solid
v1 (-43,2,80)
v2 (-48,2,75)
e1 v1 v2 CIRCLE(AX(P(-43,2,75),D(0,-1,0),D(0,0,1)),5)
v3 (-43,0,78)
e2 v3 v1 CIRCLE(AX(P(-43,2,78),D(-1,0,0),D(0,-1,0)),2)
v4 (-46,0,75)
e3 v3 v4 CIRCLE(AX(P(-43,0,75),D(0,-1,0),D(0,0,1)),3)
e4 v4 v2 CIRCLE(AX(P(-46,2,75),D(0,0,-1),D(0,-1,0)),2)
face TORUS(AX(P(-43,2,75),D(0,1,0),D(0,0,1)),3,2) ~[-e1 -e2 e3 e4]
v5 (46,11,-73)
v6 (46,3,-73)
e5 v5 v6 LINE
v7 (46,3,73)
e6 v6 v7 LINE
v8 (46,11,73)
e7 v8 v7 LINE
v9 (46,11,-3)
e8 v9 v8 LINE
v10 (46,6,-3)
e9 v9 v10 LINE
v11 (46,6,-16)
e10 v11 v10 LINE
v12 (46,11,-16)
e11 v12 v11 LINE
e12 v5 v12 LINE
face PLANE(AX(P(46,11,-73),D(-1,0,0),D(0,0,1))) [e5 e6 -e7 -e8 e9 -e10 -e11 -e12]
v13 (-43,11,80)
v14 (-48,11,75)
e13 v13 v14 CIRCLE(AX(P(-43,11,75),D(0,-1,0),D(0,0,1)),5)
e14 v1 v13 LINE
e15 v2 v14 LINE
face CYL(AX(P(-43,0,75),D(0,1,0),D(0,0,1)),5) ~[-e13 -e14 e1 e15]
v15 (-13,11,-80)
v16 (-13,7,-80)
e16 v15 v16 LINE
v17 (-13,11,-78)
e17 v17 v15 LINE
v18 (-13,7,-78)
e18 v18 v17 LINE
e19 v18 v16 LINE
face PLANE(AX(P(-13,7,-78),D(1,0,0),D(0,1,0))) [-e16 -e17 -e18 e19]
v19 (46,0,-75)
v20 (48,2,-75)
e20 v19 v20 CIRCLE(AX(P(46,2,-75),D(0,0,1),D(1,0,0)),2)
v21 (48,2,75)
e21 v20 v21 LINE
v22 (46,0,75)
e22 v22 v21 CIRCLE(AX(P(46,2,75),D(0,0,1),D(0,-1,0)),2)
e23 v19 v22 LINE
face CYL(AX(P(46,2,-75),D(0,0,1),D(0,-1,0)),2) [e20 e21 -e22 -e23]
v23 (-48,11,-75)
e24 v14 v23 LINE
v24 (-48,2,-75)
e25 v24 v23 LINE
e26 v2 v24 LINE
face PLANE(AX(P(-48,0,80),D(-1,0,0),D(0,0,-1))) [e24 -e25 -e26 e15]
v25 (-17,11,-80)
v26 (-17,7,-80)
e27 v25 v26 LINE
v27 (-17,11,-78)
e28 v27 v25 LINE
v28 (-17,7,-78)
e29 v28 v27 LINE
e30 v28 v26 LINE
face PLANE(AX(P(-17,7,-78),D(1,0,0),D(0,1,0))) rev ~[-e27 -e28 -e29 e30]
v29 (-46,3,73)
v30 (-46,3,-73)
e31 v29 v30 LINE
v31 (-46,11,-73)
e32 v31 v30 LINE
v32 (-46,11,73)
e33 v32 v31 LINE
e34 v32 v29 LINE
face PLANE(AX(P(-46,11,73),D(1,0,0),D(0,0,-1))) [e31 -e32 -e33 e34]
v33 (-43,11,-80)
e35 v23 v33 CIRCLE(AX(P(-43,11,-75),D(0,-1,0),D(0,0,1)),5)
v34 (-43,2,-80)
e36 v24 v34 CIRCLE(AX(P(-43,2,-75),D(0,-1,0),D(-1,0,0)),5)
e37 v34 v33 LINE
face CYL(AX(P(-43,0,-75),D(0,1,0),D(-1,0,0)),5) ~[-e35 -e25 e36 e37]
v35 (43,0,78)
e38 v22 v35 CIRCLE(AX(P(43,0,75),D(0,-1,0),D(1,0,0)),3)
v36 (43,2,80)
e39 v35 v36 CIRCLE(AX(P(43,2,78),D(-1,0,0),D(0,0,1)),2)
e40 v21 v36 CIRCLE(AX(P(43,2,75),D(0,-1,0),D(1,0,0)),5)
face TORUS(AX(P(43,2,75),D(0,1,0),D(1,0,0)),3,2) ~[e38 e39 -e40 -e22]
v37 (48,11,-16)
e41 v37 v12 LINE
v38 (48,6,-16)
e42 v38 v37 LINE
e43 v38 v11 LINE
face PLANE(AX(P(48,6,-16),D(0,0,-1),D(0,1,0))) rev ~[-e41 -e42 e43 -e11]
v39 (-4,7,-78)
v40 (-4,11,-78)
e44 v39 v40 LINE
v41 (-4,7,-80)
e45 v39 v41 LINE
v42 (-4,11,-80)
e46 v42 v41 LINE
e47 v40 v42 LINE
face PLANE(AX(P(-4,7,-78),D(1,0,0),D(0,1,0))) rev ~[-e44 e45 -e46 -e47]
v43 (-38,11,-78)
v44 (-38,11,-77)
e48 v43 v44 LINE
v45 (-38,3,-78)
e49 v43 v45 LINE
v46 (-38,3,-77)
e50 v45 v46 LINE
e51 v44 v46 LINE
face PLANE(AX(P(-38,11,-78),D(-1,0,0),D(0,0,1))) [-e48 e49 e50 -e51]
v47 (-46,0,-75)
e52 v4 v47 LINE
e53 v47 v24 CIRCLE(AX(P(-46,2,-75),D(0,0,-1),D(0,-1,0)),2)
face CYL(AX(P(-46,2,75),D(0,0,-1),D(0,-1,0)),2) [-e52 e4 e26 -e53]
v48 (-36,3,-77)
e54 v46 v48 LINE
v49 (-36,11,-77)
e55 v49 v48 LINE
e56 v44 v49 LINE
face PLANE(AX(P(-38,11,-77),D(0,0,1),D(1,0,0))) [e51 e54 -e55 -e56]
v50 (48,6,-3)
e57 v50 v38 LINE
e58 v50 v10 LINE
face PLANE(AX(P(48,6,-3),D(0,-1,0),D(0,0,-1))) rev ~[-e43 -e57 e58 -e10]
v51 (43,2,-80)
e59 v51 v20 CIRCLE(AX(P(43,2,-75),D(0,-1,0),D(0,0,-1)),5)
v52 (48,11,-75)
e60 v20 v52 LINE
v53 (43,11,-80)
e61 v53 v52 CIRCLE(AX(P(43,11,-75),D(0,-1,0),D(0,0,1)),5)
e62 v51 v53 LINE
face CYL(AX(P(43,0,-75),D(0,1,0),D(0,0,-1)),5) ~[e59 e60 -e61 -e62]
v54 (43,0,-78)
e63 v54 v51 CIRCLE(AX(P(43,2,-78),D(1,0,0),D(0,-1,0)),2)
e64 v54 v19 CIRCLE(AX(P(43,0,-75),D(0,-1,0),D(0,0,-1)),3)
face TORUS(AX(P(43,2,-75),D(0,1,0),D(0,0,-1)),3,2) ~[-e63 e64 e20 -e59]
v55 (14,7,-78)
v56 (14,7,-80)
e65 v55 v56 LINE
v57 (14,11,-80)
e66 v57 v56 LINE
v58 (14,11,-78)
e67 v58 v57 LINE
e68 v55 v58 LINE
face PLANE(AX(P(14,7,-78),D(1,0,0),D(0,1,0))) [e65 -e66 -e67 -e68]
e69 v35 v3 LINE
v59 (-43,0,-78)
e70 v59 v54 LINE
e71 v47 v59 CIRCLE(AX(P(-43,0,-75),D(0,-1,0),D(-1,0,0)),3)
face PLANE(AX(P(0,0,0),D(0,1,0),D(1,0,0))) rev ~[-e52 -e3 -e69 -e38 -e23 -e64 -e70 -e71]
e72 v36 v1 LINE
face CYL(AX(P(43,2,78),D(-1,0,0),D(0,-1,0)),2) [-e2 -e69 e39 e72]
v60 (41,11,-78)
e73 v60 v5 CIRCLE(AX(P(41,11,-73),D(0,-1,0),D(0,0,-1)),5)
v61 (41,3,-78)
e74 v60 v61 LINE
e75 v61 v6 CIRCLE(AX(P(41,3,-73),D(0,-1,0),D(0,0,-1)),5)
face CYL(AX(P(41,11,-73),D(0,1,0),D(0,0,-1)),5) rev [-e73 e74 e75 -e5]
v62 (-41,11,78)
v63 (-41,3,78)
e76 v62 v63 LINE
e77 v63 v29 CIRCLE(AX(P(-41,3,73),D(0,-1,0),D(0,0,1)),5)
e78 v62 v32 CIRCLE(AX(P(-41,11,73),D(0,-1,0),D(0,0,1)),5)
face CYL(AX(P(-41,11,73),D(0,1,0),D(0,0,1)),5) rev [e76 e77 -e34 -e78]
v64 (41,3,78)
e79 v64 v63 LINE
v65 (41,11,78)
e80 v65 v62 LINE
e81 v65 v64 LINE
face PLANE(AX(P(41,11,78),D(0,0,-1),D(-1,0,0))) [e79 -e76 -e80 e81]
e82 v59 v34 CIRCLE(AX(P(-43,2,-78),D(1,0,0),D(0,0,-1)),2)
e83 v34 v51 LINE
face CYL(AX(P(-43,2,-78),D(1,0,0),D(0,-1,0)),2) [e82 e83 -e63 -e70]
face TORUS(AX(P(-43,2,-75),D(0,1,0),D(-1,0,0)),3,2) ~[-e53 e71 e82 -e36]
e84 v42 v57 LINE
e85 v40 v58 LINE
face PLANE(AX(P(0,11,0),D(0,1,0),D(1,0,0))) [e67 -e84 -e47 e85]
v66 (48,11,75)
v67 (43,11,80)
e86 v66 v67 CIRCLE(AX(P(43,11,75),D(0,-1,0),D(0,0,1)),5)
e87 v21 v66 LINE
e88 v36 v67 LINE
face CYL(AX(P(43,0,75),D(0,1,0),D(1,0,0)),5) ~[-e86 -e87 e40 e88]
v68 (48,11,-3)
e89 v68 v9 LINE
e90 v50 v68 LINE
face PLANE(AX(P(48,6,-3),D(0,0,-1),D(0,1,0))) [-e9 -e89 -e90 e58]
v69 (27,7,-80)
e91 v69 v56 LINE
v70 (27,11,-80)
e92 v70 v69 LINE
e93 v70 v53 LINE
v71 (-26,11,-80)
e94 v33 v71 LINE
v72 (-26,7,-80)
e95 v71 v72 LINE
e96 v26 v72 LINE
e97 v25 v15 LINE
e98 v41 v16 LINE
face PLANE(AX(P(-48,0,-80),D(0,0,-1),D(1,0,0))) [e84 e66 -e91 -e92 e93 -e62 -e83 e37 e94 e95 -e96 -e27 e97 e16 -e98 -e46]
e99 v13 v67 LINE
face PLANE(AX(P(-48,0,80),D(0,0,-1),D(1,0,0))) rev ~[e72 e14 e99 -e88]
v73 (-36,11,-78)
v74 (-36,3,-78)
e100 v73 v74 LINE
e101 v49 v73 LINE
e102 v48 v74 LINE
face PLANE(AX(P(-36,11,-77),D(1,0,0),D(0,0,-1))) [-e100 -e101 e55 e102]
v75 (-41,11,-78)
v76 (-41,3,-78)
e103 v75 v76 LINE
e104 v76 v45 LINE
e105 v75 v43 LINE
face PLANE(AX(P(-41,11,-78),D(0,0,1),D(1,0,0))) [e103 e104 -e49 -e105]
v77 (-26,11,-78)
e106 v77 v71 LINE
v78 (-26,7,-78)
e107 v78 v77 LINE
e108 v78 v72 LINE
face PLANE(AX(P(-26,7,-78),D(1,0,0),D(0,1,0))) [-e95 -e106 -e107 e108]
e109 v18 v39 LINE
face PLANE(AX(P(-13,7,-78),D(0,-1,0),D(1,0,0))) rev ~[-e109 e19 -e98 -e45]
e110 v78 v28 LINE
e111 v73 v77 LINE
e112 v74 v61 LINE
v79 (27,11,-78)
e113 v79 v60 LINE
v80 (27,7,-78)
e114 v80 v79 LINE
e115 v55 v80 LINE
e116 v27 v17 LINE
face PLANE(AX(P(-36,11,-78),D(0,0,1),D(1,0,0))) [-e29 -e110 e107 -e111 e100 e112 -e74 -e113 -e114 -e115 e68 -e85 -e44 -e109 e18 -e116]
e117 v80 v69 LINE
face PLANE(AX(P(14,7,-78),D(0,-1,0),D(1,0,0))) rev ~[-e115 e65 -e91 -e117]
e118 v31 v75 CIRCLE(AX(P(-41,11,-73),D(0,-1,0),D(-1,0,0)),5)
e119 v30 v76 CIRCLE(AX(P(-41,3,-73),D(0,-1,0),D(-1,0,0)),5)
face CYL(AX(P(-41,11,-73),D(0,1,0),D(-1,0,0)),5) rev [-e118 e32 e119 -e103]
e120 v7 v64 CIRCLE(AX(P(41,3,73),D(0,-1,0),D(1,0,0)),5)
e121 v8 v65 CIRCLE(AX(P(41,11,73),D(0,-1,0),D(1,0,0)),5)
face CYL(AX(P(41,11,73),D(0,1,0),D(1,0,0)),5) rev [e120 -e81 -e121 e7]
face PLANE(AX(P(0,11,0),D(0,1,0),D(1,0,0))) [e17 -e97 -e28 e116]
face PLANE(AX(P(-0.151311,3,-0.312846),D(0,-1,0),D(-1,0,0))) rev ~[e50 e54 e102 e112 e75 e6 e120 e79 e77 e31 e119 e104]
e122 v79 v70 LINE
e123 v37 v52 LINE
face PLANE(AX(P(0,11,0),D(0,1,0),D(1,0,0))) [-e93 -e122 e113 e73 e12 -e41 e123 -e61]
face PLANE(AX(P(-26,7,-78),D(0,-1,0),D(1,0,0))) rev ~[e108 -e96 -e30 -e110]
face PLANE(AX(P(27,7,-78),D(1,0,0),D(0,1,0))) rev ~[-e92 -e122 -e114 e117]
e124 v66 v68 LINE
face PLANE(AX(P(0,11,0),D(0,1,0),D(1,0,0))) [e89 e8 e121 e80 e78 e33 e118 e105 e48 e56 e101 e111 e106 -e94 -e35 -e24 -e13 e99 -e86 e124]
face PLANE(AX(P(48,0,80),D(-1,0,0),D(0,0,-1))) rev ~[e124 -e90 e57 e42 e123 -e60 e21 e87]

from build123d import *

# Parameters (mm, degrees)
SKETCH_1_W          = 96
SKETCH_1_H          = 160
EXTRUDE_1_DEPTH     = 11
FILLET_1_R          = 5
FILLET_2_R          = 5
FILLET_3_R          = 5
FILLET_4_R          = 5
FILLET_5_R          = 2
CUT_EXTRUDE_1_DEPTH = 8
SKETCH_3_W          = 9
SKETCH_3_H          = 4
SKETCH_3_W_2        = 13
CUT_EXTRUDE_2_DEPTH = 4
SKETCH_4_W          = 13
SKETCH_4_H          = 5
CUT_EXTRUDE_3_DEPTH = 5


with BuildPart() as part:
    # 草图1 → 凸台-拉伸1 (new body)
    with BuildSketch(Plane(origin=(0, 0, 0), x_dir=(1, 0, 0), z_dir=(0, 1, 0))):
        Rectangle(SKETCH_1_W, SKETCH_1_H)
    extrude(amount=EXTRUDE_1_DEPTH)

    # 圆角1
    fillet_1_edges = [part.edges().sort_by_distance(p)[0] for p in [
        (-48, 5.5, -80),
    ]]
    fillet(fillet_1_edges, radius=FILLET_1_R)

    # 圆角2
    fillet_2_edges = [part.edges().sort_by_distance(p)[0] for p in [
        (48, 5.5, -80),
    ]]
    fillet(fillet_2_edges, radius=FILLET_2_R)

    # 圆角3
    fillet_3_edges = [part.edges().sort_by_distance(p)[0] for p in [
        (48, 5.5, 80),
    ]]
    fillet(fillet_3_edges, radius=FILLET_3_R)

    # 圆角4
    fillet_4_edges = [part.edges().sort_by_distance(p)[0] for p in [
        (-48, 5.5, 80),
    ]]
    fillet(fillet_4_edges, radius=FILLET_4_R)

    # 圆角5
    fillet_5_edges = [part.edges().sort_by_distance(p)[0] for p in [
        (-48, 0, 0),
        (-46.535533906, 0, -78.535533906),
        (0, 0, -80),
        (46.535533906, 0, -78.535533906),
        (48, 0, 0),
        (46.535533906, 0, 78.535533906),
        (0, 0, 80),
        (-46.535533906, 0, 78.535533906),
    ]]
    fillet(fillet_5_edges, radius=FILLET_5_R)

    # 草图2 → 切除-拉伸1 (cut)
    with BuildSketch(Plane(origin=(0, 11, 0), x_dir=(1, 0, 0), z_dir=(0, 1, 0))):
        with BuildLine():
            Line((-36, 78), (41, 78))
            ThreePointArc((41, 78), (44.535533906, 76.535533906), (46, 73))
            Line((46, 73), (46, -73))
            ThreePointArc((46, -73), (44.535533906, -76.535533906), (41, -78))
            Line((41, -78), (-41, -78))
            ThreePointArc((-41, -78), (-44.535533906, -76.535533906), (-46, -73))
            Line((-46, -73), (-46, 73))
            ThreePointArc((-46, 73), (-44.535533906, 76.535533906), (-41, 78))
            Line((-41, 78), (-38, 78))
            Line((-38, 78), (-38, 77))
            Line((-38, 77), (-36, 77))
            Line((-36, 77), (-36, 78))
        make_face()
    extrude(amount=-CUT_EXTRUDE_1_DEPTH, mode=Mode.SUBTRACT)

    # 草图3 → 切除-拉伸2 (cut)
    with BuildSketch(Plane.XY.offset(-78)):
        with Locations((-21.5, 9)):
            Rectangle(SKETCH_3_W, SKETCH_3_H)
        with Locations((-8.5, 9)):
            Rectangle(SKETCH_3_W, SKETCH_3_H)
        with Locations((16.277912798, 56.653498761)):
            Rectangle(SKETCH_3_W, SKETCH_3_H)
        with Locations((20.5, 9)):
            Rectangle(SKETCH_3_W_2, SKETCH_3_H)
    extrude(amount=-CUT_EXTRUDE_2_DEPTH, mode=Mode.SUBTRACT)

    # 草图4 → 切除-拉伸3 (cut)
    with BuildSketch(Plane(origin=(48, 0, 0), x_dir=(0, 0, -1), z_dir=(1, 0, 0))):
        with Locations((9.5, 8.5)):
            Rectangle(SKETCH_4_W, SKETCH_4_H)
    extrude(amount=-CUT_EXTRUDE_3_DEPTH, mode=Mode.SUBTRACT)


solid = part.part
